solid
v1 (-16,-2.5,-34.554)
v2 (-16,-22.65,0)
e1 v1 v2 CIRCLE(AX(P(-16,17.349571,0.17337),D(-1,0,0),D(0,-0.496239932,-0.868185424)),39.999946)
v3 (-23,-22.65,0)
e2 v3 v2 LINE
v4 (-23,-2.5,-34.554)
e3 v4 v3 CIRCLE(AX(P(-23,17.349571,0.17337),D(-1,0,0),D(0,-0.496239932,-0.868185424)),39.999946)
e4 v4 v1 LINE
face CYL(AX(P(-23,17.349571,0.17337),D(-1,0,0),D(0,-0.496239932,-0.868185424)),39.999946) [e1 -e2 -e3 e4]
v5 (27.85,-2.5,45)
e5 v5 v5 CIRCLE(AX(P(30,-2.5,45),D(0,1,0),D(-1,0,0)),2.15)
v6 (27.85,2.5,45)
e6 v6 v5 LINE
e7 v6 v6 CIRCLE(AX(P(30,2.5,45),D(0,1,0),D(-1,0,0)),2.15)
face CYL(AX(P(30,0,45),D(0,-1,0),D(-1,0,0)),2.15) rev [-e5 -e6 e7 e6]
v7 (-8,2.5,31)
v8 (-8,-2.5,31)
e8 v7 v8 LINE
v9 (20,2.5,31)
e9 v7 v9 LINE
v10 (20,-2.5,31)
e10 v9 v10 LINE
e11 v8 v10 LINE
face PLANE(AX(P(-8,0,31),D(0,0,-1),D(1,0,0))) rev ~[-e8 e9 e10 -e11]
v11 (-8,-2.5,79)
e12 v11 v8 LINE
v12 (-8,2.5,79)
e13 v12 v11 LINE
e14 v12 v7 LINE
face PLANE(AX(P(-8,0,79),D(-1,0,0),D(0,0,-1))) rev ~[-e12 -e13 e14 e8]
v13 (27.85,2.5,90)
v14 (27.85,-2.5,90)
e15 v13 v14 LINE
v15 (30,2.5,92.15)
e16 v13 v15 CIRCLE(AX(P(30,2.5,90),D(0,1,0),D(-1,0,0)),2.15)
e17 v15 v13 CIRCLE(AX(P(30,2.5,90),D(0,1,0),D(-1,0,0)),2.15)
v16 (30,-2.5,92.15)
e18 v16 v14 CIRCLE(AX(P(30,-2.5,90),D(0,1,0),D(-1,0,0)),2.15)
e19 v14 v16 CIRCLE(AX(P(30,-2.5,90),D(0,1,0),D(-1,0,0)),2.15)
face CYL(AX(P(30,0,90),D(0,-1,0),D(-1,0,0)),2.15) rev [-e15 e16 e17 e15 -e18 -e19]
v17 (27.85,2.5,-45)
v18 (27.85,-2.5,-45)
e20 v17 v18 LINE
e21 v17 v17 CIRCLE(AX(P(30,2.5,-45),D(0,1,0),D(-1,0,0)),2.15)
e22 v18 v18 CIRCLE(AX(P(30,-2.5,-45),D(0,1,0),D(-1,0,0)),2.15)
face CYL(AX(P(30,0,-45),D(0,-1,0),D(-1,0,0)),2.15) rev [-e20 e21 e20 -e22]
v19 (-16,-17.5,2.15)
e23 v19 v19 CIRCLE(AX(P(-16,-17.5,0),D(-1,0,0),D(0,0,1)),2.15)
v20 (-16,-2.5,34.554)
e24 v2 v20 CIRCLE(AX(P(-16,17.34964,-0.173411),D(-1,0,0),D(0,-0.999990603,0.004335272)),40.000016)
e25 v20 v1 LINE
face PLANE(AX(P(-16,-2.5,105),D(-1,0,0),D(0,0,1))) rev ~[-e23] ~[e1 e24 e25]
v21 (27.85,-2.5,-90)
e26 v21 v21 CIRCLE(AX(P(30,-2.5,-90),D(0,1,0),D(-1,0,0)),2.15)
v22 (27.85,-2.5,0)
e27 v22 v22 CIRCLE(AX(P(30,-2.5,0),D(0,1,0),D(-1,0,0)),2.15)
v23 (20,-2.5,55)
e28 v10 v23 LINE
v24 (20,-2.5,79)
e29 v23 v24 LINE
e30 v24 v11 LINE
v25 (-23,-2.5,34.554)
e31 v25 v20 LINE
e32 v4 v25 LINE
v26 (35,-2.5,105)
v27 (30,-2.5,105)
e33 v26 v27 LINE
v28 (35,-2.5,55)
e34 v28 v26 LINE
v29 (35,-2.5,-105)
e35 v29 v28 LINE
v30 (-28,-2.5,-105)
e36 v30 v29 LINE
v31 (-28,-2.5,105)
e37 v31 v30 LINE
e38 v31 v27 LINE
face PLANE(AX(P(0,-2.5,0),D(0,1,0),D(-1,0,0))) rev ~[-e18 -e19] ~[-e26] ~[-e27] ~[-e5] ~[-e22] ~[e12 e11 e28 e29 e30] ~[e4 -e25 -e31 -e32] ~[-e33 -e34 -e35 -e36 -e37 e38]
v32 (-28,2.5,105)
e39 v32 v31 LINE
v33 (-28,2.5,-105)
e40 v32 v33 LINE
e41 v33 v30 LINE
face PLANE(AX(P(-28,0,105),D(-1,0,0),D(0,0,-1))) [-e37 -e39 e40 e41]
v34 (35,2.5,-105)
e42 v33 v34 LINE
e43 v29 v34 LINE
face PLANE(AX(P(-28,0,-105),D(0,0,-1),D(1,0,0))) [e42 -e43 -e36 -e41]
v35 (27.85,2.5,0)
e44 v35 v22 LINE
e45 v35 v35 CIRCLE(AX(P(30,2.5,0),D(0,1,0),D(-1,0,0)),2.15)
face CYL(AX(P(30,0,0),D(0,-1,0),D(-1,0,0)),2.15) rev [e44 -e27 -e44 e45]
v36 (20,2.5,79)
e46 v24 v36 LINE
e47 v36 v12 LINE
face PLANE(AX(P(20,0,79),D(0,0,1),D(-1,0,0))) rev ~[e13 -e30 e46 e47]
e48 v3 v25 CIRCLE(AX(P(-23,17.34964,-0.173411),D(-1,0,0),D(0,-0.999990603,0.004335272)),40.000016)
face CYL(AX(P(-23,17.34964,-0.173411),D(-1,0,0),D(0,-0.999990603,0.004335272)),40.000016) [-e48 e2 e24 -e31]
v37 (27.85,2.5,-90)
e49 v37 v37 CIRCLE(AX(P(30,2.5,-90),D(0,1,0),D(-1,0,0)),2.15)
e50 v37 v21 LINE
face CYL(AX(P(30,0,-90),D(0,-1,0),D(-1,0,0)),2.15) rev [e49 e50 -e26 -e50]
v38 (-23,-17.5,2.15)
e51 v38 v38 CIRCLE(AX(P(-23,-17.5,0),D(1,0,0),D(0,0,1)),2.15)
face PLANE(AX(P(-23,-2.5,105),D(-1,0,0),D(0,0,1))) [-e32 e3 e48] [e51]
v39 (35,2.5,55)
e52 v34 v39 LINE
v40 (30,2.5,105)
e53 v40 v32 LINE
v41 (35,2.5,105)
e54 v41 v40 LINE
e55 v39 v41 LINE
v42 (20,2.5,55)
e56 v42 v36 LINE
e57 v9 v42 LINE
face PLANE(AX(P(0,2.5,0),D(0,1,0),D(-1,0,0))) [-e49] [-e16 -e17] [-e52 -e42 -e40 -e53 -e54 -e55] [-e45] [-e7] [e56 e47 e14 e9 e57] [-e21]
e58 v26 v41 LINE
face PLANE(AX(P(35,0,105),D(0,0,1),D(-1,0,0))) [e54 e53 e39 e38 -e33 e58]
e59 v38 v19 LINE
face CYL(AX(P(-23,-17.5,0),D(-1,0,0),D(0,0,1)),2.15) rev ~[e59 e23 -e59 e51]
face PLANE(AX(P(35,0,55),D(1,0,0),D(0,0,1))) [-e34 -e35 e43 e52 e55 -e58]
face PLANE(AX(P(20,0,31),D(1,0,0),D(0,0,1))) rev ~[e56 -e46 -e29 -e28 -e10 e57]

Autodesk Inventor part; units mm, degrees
ref_plane "YZ Plane" through (0, 0, 0) normal (1, 0, 0) x (0, 1, 0)
sketch "Szkic1" plane through (0, 0, 0) normal (0, 1, 0) x (-1, 0, 0)
  line L0 (-35, 105) -> (35, 105)
  line L1 (35, 105) -> (35, -105)
  line L2 (35, -105) -> (-35, -105)
  line L3 (-35, -105) -> (-35, 105)
  line L4 (-35, 105) -> (35, -105) construction
  line L5 (35, 105) -> (-35, -105) construction
  line L6 (-35, 105) -> (-25, 105)
  line L7 (-30, 105) -> (-30, 90)
  line L8 (35, 105) -> (28, 105)
  line L9 (28, 105) -> (28, -105)
  line L10 (35, -105) -> (28, -105)
  circle A0 centre (-30, 90) radius 2.15
  circle A1 centre (-30, 45) radius 2.15
  circle A2 centre (-30, 0) radius 2.15
  circle A3 centre (-30, -45) radius 2.15
  circle A4 centre (-30, -90) radius 2.15
  line L11 (-35, 105) -> (-35, 55)
  line L12 (-35, 55) -> (-6, 55)
  line L13 (-20, 79) -> (8, 79)
  line L14 (8, 79) -> (8, 31)
  line L15 (8, 31) -> (-20, 31)
  line L16 (-20, 31) -> (-20, 79)
  line L17 (-20, 79) -> (8, 31) construction
  line L18 (8, 79) -> (-20, 31) construction
  point P0 (0, 0)
  point P1 (0, 0)
  dimension "d4" = 70
  dimension "d5" = 210
  dimension "d6" = 10
  dimension "d7" = 15
  dimension "d8" = 7
  dimension "d9" = 4.3
  dimension "d10" = 45
  dimension "d12" = 50
  dimension "d13" = 29
  dimension "d14" = 28
  dimension "d15" = 48
extrude "Wyciągnięcie proste1" add sketch "Szkic1" along normal mid plane 5 contours L0 L9 L2 L3
ref_plane "Płaszczyzna konstrukcyjna1" through (30, -2.5, -105) normal (1, 0, 0) x (0, 0, -1)
ref_plane "Płaszczyzna konstrukcyjna2" through (-23, -2.5, 105) normal (-1, 0, 0) x (0, 0, 1)
sketch "Szkic3" plane through (-23, -2.5, 105) normal (-1, 0, 0) x (0, 0, 1)
  line L0 (-224.7917, 43.2301) -> (-14.7917, 43.2301)
  line L1 (-224.7917, 43.2301) -> (-14.7917, 43.2301)
  line L2 (-119.7917, 43.2301) -> (-119.7917, 58.2301)
  circle A0 centre (-119.7917, 58.2301) radius 2.15
  line L3 (-119.7917, 60.3801) -> (-119.7917, 63.3801)
  line L4 (-150.7917, 43.2301) -> (-198.7917, 43.2301)
  arc A1 (-119.7917, 63.3801) -> (-154.3457, 43.2301) centre (-119.6183, 23.3805) ccw
  arc A2 (-85.2378, 43.2301) -> (-119.7917, 63.3801) centre (-119.9652, 23.3805) ccw
  line L5 (-154.3457, 43.2301) -> (-85.2378, 43.2301)
  line L6 (-210, 0) -> (-210, 5) projected
  line L7 (-210, 0) -> (0, 0) projected
  line L8 (-210, 0) -> (0, 0)
  line L9 (-105, 0) -> (-105, -15)
  circle A3 centre (-105, -15) radius 2.15
  line L10 (-105, -17.15) -> (-105, -20.15)
  arc A4 (-139.554, 0) -> (-105, -20.15) centre (-104.8266, 19.8496) ccw
  arc A5 (-105, -20.15) -> (-70.446, 0) centre (-105.1734, 19.8496) ccw
  line L11 (-70.446, 0) -> (-139.554, 0)
  point P0 (-105, 2.5)
  point P1 (-119.7917, 40.7301)
  point P2 (-70.446, 0)
  point P3 (-139.554, 0)
  dimension "d26" = 4.3
  dimension "d31" = 4.3
  dimension "d25" = 15
  dimension "d27" = 3
  dimension "d28" = 40
  dimension "d29" = 40
  dimension "d30" = 15
  dimension "d32" = 3
  dimension "d33" = 40
  dimension "d34" = 40
extrude "Wyciągnięcie proste2" add sketch "Szkic3" against normal blind 7 contours L7 L9 A3 L10 A4 | L7 A5 L10 A3 L9
properties part number "podstawa_sciana_tyl"
